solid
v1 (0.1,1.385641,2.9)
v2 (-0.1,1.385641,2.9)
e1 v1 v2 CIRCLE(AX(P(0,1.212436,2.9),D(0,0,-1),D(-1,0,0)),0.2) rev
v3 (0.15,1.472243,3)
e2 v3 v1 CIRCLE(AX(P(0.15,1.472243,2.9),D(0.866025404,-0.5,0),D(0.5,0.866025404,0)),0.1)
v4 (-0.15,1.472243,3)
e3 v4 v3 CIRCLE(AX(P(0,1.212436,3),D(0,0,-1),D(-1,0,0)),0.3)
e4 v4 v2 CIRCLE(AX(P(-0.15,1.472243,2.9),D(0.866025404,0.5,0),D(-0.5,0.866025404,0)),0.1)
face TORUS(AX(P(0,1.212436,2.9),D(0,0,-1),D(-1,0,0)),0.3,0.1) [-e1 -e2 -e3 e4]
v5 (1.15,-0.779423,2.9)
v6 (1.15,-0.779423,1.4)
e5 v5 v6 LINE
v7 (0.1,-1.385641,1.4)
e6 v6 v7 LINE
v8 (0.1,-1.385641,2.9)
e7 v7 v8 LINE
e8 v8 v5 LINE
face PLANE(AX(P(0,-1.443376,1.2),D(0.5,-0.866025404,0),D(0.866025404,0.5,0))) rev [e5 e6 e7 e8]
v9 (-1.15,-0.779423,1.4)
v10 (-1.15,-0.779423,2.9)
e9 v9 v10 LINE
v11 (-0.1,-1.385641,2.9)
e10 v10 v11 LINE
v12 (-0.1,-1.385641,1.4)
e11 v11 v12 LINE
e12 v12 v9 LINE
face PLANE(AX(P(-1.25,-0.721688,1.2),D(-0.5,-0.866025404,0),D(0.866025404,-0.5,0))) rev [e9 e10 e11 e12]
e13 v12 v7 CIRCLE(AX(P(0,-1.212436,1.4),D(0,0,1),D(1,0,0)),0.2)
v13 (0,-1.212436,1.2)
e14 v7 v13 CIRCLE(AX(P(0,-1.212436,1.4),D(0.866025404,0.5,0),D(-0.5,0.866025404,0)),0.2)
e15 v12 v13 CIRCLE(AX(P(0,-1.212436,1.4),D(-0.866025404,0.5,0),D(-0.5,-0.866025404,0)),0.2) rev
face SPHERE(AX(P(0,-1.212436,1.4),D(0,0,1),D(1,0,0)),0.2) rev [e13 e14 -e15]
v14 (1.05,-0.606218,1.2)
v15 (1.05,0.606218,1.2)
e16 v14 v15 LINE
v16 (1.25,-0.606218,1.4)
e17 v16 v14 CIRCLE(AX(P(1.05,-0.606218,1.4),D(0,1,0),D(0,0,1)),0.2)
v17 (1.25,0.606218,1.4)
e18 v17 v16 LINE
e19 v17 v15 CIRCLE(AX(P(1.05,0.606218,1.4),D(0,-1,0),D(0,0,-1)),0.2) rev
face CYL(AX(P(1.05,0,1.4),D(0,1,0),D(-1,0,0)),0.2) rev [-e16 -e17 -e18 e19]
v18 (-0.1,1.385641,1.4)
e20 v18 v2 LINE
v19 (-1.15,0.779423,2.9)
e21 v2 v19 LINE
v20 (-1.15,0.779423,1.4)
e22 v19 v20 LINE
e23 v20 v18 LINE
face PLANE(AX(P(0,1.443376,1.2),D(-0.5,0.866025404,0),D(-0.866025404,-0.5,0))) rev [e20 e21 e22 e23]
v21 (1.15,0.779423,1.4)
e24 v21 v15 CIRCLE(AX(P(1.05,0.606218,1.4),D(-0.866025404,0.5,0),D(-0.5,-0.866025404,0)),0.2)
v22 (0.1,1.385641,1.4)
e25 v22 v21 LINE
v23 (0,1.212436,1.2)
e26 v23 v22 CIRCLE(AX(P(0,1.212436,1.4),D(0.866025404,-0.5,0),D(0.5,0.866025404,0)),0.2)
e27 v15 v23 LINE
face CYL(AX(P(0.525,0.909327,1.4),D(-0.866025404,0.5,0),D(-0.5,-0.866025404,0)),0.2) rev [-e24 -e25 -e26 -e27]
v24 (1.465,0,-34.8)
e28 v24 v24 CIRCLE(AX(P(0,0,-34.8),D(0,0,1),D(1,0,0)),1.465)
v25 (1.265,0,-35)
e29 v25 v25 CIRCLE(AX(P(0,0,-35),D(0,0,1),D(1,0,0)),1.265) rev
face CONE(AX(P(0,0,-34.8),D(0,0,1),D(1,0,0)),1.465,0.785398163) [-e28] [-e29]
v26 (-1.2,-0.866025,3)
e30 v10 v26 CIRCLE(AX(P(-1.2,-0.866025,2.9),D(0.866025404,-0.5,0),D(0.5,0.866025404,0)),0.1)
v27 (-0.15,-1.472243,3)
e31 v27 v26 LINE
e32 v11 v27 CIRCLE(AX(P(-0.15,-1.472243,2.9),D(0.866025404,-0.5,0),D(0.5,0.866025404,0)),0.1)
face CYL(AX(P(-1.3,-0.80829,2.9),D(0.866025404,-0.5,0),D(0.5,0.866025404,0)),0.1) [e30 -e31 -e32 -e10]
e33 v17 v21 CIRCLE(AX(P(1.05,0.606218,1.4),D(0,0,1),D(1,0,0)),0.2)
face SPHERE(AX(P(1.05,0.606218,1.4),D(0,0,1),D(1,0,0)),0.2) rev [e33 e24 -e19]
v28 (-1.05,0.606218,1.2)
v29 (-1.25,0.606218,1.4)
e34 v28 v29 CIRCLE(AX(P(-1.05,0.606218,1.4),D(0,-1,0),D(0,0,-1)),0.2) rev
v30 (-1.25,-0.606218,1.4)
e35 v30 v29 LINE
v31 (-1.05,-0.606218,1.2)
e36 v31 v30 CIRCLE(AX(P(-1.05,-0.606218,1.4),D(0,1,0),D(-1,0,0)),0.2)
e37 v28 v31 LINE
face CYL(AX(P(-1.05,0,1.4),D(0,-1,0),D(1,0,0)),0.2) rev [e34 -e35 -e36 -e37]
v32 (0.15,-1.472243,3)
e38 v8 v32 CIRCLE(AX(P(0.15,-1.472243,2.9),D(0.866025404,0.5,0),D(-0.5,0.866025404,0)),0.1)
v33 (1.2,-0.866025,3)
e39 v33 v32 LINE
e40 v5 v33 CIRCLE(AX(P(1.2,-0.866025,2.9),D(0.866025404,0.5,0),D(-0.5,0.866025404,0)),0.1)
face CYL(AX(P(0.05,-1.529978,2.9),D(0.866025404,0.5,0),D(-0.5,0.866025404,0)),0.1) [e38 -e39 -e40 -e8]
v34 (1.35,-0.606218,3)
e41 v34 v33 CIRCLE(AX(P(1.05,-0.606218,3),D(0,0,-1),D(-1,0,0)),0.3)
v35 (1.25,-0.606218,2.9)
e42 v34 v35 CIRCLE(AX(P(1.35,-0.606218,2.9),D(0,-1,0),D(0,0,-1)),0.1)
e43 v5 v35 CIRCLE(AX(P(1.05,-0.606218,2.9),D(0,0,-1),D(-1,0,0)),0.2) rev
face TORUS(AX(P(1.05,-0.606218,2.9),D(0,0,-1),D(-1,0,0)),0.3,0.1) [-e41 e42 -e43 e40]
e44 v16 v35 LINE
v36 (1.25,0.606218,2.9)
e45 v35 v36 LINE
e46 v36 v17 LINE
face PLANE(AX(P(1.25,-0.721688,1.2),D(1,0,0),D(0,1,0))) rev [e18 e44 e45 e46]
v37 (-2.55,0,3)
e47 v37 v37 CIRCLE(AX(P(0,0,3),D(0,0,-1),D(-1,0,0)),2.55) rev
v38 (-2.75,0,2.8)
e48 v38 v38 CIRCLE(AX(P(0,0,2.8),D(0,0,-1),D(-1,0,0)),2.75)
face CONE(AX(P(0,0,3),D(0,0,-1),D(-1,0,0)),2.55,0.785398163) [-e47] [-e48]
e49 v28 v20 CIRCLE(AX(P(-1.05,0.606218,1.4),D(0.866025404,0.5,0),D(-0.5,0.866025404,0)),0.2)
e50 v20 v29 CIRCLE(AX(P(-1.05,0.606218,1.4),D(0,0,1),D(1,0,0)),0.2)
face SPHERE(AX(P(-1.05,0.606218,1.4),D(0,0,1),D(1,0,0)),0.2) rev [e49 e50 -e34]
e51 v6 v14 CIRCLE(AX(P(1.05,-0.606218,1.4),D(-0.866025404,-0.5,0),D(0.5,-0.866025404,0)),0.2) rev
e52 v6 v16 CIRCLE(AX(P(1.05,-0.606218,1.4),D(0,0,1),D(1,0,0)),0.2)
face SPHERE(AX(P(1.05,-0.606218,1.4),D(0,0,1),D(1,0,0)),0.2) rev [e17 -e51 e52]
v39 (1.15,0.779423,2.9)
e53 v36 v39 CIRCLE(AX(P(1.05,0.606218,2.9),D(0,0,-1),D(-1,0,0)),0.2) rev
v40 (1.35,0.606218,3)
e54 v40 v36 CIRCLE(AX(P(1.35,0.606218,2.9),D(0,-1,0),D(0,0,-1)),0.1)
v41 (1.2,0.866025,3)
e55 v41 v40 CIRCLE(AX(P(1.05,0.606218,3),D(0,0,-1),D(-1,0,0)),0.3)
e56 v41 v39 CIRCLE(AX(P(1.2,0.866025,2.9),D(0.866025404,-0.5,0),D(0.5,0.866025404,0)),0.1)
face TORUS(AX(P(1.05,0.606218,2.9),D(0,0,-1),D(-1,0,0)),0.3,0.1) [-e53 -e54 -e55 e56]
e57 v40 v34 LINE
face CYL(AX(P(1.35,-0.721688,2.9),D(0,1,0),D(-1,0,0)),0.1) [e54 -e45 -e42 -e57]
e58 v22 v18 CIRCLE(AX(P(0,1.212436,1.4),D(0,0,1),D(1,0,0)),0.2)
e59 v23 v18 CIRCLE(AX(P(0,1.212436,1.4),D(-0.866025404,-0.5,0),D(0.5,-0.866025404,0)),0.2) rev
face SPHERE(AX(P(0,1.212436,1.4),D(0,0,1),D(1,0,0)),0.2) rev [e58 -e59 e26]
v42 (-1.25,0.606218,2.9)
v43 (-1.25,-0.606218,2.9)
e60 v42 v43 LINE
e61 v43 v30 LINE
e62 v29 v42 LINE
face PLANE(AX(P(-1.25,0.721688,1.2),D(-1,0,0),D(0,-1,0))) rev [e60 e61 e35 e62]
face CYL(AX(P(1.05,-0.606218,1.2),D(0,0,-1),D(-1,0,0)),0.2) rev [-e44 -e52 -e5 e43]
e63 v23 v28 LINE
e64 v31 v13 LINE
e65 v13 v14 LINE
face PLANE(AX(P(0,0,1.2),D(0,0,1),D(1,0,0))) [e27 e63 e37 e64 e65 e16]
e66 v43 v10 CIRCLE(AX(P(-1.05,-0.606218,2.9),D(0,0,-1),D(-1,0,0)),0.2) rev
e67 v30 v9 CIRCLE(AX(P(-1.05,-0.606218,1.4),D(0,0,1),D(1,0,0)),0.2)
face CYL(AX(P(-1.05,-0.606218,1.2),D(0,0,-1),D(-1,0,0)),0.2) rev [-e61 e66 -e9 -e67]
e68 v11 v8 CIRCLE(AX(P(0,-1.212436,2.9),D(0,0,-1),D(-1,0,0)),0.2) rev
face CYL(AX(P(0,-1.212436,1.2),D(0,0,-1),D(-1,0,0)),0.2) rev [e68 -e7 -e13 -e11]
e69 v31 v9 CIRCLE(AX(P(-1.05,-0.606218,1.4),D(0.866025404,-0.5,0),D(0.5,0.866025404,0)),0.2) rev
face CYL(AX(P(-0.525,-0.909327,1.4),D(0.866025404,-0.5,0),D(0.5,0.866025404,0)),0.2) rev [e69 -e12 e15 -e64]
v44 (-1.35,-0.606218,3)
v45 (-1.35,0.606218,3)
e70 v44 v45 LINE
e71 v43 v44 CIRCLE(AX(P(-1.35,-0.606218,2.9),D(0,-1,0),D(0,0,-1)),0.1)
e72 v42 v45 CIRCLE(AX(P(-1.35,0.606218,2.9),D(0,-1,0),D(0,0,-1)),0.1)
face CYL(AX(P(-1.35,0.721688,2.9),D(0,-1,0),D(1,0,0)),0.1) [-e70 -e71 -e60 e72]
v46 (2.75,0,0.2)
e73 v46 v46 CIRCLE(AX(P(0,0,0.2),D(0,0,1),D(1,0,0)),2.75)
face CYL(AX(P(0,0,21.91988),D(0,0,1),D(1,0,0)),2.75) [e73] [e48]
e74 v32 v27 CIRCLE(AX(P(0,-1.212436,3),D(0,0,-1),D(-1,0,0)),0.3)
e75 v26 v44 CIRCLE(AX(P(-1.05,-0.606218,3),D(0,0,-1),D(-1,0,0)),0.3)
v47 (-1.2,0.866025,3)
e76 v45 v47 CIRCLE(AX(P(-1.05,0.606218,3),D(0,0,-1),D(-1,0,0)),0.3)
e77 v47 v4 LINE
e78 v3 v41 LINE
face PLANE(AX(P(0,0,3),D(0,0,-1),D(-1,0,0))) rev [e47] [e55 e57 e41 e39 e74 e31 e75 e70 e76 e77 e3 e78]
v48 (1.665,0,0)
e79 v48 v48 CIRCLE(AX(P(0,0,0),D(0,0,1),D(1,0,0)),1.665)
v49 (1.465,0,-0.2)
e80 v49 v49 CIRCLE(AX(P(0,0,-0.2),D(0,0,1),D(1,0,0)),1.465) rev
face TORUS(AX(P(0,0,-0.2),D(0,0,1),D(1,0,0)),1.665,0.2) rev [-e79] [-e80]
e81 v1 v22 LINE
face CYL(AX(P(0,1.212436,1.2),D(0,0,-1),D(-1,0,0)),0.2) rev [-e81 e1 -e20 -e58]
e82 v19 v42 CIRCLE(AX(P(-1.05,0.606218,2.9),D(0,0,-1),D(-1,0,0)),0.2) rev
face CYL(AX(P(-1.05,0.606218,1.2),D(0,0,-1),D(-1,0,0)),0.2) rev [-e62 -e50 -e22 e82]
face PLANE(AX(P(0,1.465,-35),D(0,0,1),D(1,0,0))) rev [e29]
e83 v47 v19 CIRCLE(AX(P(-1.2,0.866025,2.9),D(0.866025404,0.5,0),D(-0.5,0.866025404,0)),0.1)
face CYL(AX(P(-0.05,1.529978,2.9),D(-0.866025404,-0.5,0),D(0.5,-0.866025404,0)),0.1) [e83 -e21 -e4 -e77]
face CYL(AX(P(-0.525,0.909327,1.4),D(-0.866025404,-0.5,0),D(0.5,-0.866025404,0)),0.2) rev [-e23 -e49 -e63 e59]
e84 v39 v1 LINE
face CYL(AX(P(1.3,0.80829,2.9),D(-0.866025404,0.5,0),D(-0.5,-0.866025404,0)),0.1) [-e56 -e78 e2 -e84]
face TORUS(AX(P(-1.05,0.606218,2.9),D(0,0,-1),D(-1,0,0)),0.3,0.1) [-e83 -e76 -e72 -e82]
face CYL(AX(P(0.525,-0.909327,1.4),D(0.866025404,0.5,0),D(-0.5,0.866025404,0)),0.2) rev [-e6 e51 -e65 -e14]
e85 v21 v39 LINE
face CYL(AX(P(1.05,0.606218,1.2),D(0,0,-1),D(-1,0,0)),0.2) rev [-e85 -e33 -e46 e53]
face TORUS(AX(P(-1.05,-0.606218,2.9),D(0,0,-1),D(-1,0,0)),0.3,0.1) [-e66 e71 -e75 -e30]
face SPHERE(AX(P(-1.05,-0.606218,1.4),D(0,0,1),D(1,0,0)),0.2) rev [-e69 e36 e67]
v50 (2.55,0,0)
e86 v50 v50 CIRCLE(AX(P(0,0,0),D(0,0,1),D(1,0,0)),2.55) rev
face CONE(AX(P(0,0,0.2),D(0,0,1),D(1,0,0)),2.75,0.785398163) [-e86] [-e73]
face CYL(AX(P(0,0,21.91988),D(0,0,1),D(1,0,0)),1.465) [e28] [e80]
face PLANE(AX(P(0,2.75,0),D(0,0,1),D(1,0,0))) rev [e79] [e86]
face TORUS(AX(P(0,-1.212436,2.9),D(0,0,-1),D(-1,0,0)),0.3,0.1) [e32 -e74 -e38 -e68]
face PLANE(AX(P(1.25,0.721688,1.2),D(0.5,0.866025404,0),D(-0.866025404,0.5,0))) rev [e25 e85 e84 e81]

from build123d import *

# Parameters (mm, degrees)
SCHNITT_LINEAR_AUSTRAGEN1_DEPTH = 1.8
FASE1_SIZE                      = 0.2
VERRUNDUNG1_R                   = 0.2
VERRUNDUNG2_R                   = 0.1


with BuildPart() as part:
    # Skizze1 → Rotation1 (revolve)
    with BuildSketch(Plane(origin=(0, 0, 0), x_dir=(0, 0, -1), z_dir=(1, 0, 0))):
        Polygon((-3, 0), (-3, 2.75), (0, 2.75), (0, 1.465), (35, 1.465), (35, 0), align=None)
    revolve(axis=Axis((0, 0, 21.919879518), (0, 0, -1)))

    # Skizze2 → Schnitt-Linear austragen1 (cut)
    with BuildSketch(Plane.XY.offset(3)):
        Polygon((1.25, -0.721687836), (1.25, 0.721687836), (0, 1.443375673), (-1.25, 0.721687836), (-1.25, -0.721687836), (0, -1.443375673), align=None)
    extrude(amount=-SCHNITT_LINEAR_AUSTRAGEN1_DEPTH, mode=Mode.SUBTRACT)

    # Fase1
    fase1_edges = [part.edges().sort_by_distance(p)[0] for p in [
        (0, -1.465, -35),
        (0, -2.75, 0),
        (0, -2.75, 3),
    ]]
    chamfer(fase1_edges, length=FASE1_SIZE)

    # Verrundung1
    verrundung1_edges = [part.edges().sort_by_distance(p)[0] for p in [
        (0.625, -1.082531755, 1.2),
        (1.25, -0.721687836, 2.1),
        (-0.625, -1.082531755, 1.2),
        (0, -1.443375673, 2.1),
        (-1.25, 0, 1.2),
        (-1.25, -0.721687836, 2.1),
        (-0.625, 1.082531755, 1.2),
        (-1.25, 0.721687836, 2.1),
        (0.625, 1.082531755, 1.2),
        (0, 1.443375673, 2.1),
        (1.25, 0, 1.2),
        (1.25, 0.721687836, 2.1),
        (0, -1.465, 0),
    ]]
    fillet(verrundung1_edges, radius=VERRUNDUNG1_R)

    # Verrundung2
    verrundung2_edges = [part.edges().sort_by_distance(p)[0] for p in [
        (-0.625, -1.082531755, 3),
        (-1.25, 0, 3),
        (-0.625, 1.082531755, 3),
        (0.625, 1.082531755, 3),
        (1.25, 0, 3),
        (0.625, -1.082531755, 3),
        (-1.223205081, -0.706217783, 3),
        (0, -1.412435565, 3),
        (1.223205081, -0.706217783, 3),
        (1.223205081, 0.706217783, 3),
        (0, 1.412435565, 3),
        (-1.223205081, 0.706217783, 3),
    ]]
    fillet(verrundung2_edges, radius=VERRUNDUNG2_R)


solid = part.part
